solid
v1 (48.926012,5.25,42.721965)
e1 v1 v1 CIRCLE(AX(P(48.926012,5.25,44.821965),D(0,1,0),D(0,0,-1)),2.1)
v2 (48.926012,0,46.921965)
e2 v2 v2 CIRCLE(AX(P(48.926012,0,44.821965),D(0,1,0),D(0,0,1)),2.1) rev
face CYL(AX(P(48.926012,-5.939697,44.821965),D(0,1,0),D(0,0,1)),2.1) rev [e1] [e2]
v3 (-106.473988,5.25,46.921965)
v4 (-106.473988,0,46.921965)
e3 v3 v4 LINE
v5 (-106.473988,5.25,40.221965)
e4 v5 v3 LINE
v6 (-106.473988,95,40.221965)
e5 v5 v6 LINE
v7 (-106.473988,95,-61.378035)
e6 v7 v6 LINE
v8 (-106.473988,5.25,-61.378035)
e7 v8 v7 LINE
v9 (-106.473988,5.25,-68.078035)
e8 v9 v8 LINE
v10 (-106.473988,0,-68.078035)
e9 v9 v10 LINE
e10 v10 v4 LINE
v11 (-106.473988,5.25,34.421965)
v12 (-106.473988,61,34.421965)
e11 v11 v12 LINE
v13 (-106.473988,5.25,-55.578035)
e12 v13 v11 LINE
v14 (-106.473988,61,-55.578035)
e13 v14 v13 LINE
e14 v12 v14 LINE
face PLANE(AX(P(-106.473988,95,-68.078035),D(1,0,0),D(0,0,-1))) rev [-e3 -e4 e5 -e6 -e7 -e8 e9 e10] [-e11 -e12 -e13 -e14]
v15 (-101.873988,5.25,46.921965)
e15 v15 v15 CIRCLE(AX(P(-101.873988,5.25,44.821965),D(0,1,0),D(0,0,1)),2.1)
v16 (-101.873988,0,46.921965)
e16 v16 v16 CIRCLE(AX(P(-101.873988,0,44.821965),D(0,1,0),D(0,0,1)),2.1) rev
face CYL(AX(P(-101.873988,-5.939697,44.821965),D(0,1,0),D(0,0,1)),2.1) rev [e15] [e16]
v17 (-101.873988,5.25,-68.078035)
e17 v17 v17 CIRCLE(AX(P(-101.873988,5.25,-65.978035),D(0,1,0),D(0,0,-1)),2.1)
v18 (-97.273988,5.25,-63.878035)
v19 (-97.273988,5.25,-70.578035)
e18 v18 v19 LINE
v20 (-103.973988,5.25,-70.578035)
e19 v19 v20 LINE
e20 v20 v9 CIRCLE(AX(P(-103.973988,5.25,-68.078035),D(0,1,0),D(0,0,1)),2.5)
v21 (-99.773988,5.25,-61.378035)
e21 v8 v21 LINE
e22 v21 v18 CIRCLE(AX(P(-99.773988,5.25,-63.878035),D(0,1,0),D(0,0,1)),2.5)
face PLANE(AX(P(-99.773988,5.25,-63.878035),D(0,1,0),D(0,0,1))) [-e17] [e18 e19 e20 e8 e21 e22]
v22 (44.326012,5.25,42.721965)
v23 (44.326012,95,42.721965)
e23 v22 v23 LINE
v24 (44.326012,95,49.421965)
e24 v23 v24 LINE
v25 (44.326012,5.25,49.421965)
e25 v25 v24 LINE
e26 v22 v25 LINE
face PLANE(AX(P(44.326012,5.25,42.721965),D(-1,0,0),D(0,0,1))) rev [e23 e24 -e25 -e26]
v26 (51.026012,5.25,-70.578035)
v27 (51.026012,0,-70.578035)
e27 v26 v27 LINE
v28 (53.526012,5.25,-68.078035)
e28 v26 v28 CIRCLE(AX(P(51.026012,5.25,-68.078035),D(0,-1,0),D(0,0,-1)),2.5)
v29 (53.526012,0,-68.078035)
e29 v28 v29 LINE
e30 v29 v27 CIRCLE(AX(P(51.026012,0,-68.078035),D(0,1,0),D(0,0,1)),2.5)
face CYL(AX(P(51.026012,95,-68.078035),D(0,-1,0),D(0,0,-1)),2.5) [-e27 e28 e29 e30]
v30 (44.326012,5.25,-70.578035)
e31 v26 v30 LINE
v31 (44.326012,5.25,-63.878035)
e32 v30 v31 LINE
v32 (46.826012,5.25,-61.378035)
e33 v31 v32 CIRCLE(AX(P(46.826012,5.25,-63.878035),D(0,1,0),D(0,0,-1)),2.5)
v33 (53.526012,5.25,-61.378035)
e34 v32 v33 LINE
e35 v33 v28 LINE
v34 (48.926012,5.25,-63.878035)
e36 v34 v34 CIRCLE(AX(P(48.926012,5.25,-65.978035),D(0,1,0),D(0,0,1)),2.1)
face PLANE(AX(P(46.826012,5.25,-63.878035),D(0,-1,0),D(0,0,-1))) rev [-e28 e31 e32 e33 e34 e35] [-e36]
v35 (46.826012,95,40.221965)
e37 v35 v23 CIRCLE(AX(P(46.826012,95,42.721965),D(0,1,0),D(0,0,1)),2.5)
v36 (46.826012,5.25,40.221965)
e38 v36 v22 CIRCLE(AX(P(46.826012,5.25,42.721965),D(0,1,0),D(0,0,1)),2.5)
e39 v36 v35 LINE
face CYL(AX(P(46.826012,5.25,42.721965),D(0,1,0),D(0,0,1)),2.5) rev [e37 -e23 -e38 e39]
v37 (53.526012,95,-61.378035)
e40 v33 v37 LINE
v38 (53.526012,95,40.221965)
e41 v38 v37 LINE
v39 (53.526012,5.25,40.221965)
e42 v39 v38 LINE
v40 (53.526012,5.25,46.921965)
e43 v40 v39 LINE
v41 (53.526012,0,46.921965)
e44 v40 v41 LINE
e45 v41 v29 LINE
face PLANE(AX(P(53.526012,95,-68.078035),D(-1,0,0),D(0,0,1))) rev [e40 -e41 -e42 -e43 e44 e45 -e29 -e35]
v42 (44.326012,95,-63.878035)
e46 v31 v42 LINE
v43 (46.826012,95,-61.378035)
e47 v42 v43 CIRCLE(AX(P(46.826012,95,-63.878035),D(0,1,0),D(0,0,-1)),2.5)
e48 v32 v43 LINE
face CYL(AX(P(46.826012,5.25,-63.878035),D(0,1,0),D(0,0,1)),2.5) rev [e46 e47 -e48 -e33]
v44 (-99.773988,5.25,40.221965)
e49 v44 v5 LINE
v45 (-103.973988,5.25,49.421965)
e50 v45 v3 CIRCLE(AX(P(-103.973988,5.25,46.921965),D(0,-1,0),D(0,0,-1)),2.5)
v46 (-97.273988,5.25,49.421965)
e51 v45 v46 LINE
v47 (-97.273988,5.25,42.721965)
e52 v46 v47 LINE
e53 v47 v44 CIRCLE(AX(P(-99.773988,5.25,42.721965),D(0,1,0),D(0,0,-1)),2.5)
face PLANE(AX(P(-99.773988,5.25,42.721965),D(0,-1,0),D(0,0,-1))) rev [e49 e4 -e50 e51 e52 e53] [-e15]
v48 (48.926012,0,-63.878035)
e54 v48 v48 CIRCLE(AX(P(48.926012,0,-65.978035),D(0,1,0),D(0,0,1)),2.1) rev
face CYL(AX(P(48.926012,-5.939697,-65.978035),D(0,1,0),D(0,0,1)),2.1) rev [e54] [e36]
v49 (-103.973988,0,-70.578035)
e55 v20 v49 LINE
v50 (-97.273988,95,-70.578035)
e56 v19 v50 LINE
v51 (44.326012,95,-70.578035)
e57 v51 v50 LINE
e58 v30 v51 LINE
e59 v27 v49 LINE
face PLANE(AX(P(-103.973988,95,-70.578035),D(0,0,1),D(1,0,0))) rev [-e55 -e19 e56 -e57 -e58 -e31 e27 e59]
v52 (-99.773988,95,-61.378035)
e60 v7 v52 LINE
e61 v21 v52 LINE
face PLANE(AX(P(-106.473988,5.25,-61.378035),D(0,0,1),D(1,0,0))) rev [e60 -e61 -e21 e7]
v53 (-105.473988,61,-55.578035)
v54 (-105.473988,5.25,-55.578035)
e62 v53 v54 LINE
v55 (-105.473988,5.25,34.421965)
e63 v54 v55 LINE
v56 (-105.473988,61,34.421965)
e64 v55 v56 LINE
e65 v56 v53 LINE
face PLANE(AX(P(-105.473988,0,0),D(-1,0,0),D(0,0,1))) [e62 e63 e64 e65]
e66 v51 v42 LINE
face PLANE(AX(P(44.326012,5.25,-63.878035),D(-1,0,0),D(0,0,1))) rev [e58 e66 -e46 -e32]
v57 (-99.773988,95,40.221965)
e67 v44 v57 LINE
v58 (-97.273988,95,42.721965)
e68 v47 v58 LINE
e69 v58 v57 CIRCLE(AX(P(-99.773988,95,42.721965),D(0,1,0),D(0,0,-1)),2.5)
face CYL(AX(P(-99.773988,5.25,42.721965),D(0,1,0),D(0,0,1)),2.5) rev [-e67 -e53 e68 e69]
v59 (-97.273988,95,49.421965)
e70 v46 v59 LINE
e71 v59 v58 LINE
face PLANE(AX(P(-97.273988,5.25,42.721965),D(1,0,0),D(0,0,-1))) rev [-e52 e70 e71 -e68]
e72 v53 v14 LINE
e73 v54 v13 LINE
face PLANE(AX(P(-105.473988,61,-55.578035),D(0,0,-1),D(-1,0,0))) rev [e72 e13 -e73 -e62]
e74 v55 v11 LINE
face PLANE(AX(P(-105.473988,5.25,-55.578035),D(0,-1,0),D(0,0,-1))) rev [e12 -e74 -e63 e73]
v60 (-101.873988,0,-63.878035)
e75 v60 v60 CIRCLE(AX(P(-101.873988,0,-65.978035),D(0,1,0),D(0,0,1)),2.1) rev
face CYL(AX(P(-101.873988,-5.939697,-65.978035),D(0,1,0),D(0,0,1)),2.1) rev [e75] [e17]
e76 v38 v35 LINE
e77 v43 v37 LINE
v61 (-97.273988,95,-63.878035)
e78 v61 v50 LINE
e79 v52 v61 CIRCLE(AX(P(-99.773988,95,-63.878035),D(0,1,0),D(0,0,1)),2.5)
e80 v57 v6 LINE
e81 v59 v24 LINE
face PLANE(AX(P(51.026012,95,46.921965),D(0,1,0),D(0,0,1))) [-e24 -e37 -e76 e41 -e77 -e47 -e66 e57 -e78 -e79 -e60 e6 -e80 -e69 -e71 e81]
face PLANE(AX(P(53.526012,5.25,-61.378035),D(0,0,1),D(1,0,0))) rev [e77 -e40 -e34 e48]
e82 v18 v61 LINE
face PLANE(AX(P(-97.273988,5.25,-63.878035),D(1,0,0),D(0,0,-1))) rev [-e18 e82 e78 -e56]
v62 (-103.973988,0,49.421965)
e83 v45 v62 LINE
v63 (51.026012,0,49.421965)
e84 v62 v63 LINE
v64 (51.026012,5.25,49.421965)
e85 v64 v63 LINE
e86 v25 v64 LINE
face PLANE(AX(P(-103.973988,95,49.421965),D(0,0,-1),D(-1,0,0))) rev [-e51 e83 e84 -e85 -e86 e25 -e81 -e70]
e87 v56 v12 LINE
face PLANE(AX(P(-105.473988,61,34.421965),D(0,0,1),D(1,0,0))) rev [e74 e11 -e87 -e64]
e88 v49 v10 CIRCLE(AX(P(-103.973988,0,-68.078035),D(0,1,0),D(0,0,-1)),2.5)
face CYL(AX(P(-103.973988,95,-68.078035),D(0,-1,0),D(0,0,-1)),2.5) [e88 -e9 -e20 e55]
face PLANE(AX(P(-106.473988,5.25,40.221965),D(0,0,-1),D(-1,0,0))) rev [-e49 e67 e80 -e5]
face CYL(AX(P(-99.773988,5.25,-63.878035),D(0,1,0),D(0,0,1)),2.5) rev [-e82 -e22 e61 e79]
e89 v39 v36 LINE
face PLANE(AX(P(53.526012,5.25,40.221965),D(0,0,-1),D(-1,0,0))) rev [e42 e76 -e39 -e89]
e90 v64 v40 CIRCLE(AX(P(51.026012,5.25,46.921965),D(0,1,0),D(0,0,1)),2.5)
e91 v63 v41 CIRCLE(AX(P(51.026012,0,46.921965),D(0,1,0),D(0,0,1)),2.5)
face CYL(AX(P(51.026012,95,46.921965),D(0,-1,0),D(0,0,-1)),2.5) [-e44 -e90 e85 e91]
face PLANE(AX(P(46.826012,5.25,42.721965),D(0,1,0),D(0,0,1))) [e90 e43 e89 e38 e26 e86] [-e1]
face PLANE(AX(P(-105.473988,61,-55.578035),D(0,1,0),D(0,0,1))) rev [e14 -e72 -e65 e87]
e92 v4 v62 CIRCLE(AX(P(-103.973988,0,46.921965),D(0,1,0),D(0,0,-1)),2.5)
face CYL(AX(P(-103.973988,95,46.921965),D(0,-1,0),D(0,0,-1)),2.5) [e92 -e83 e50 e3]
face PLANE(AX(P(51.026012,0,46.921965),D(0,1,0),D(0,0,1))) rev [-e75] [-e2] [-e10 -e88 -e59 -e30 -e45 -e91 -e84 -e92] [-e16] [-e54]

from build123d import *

# Parameters (mm, degrees)
DODANIE_WYCI_GNI_CIE1_DEPTH = 95
WYTNIJ_WYCI_GNI_CIE2_DEPTH  = 89.75
SZKIC6_R                    = 2.1
WYTNIJ_WYCI_GNI_CIE4_DEPTH  = 5.25
SZKIC7_W                    = 90
SZKIC7_H                    = 55.75
WYTNIJ_WYCI_GNI_CIE6_DEPTH  = 1


with BuildPart() as part:
    # Szkic1 → Dodanie-wyciągnięcie1 (new body)
    with BuildSketch(Plane(origin=(0, 0, 0), x_dir=(1, 0, 0), z_dir=(0, 1, 0))):
        with BuildLine():
            Line((-103.973988439, 70.578034682), (51.026011561, 70.578034682))
            ThreePointArc((51.026011561, 70.578034682), (52.793778514, 69.845801635), (53.526011561, 68.078034682))
            Line((53.526011561, 68.078034682), (53.526011561, -46.921965318))
            ThreePointArc((53.526011561, -46.921965318), (52.793778514, -48.689732271), (51.026011561, -49.421965318))
            Line((51.026011561, -49.421965318), (-103.973988439, -49.421965318))
            ThreePointArc((-103.973988439, -49.421965318), (-105.741755392, -48.689732271), (-106.473988439, -46.921965318))
            Line((-106.473988439, -46.921965318), (-106.473988439, 68.078034682))
            ThreePointArc((-106.473988439, 68.078034682), (-105.741755392, 69.845801635), (-103.973988439, 70.578034682))
        make_face()
    extrude(amount=DODANIE_WYCI_GNI_CIE1_DEPTH)

    # Szkic3 → Wytnij-wyciągnięcie2 (cut)
    with BuildSketch(Plane(origin=(0, 95, 0), x_dir=(1, 0, 0), z_dir=(0, 1, 0))):
        with BuildLine():
            Line((53.526011561, 70.578034682), (53.526011561, 61.378034682))
            Line((53.526011561, 61.378034682), (46.826011561, 61.378034682))
            ThreePointArc((46.826011561, 61.378034682), (45.058244608, 62.110267729), (44.326011561, 63.878034682))
            Line((44.326011561, 63.878034682), (44.326011561, 70.578034682))
            Line((44.326011561, 70.578034682), (53.526011561, 70.578034682))
        make_face()
        with BuildLine():
            Line((-97.273988439, 63.878034682), (-97.273988439, 70.578034682))
            Line((-97.273988439, 70.578034682), (-106.473988439, 70.578034682))
            Line((-106.473988439, 70.578034682), (-106.473988439, 61.378034682))
            Line((-106.473988439, 61.378034682), (-99.773988439, 61.378034682))
            ThreePointArc((-99.773988439, 61.378034682), (-98.006221486, 62.110267729), (-97.273988439, 63.878034682))
        make_face()
        with BuildLine():
            Line((-106.473988439, -49.421965318), (-106.473988439, -40.221965318))
            Line((-106.473988439, -40.221965318), (-99.773988439, -40.221965318))
            ThreePointArc((-99.773988439, -40.221965318), (-98.006221486, -40.954198365), (-97.273988439, -42.721965318))
            Line((-97.273988439, -42.721965318), (-97.273988439, -49.421965318))
            Line((-97.273988439, -49.421965318), (-106.473988439, -49.421965318))
        make_face()
        with BuildLine():
            Line((44.326011561, -42.721965318), (44.326011561, -49.421965318))
            Line((44.326011561, -49.421965318), (53.526011561, -49.421965318))
            Line((53.526011561, -49.421965318), (53.526011561, -40.221965318))
            Line((53.526011561, -40.221965318), (46.826011561, -40.221965318))
            ThreePointArc((46.826011561, -40.221965318), (45.058244608, -40.954198365), (44.326011561, -42.721965318))
        make_face()
    extrude(amount=-WYTNIJ_WYCI_GNI_CIE2_DEPTH, mode=Mode.SUBTRACT)

    # Szkic6 → Wytnij-wyciągnięcie4 (cut)
    with BuildSketch(Plane(origin=(0, 5.25, 0), x_dir=(1, 0, 0), z_dir=(0, 1, 0))):
        with Locations(Location((48.926011561, 65.978034682, 0), (0, 0, 270))):
            Circle(SZKIC6_R)
        with Locations(Location((-101.873988439, 65.978034682, 0), (0, 0, 270))):
            Circle(SZKIC6_R)
        with Locations(Location((-101.873988439, -44.821965318, 0), (0, 0, 270))):
            Circle(SZKIC6_R)
        with Locations(Location((48.926011561, -44.821965318, 0), (0, 0, 270))):
            Circle(SZKIC6_R)
    extrude(amount=-WYTNIJ_WYCI_GNI_CIE4_DEPTH, mode=Mode.SUBTRACT)

    # Szkic7 → Wytnij-wyciągnięcie6 (cut)
    with BuildSketch(Plane.ZY.offset(106.473988439)):
        with Locations((-10.578034682, 33.125)):
            Rectangle(SZKIC7_W, SZKIC7_H)
    extrude(amount=-WYTNIJ_WYCI_GNI_CIE6_DEPTH, mode=Mode.SUBTRACT)


solid = part.part
